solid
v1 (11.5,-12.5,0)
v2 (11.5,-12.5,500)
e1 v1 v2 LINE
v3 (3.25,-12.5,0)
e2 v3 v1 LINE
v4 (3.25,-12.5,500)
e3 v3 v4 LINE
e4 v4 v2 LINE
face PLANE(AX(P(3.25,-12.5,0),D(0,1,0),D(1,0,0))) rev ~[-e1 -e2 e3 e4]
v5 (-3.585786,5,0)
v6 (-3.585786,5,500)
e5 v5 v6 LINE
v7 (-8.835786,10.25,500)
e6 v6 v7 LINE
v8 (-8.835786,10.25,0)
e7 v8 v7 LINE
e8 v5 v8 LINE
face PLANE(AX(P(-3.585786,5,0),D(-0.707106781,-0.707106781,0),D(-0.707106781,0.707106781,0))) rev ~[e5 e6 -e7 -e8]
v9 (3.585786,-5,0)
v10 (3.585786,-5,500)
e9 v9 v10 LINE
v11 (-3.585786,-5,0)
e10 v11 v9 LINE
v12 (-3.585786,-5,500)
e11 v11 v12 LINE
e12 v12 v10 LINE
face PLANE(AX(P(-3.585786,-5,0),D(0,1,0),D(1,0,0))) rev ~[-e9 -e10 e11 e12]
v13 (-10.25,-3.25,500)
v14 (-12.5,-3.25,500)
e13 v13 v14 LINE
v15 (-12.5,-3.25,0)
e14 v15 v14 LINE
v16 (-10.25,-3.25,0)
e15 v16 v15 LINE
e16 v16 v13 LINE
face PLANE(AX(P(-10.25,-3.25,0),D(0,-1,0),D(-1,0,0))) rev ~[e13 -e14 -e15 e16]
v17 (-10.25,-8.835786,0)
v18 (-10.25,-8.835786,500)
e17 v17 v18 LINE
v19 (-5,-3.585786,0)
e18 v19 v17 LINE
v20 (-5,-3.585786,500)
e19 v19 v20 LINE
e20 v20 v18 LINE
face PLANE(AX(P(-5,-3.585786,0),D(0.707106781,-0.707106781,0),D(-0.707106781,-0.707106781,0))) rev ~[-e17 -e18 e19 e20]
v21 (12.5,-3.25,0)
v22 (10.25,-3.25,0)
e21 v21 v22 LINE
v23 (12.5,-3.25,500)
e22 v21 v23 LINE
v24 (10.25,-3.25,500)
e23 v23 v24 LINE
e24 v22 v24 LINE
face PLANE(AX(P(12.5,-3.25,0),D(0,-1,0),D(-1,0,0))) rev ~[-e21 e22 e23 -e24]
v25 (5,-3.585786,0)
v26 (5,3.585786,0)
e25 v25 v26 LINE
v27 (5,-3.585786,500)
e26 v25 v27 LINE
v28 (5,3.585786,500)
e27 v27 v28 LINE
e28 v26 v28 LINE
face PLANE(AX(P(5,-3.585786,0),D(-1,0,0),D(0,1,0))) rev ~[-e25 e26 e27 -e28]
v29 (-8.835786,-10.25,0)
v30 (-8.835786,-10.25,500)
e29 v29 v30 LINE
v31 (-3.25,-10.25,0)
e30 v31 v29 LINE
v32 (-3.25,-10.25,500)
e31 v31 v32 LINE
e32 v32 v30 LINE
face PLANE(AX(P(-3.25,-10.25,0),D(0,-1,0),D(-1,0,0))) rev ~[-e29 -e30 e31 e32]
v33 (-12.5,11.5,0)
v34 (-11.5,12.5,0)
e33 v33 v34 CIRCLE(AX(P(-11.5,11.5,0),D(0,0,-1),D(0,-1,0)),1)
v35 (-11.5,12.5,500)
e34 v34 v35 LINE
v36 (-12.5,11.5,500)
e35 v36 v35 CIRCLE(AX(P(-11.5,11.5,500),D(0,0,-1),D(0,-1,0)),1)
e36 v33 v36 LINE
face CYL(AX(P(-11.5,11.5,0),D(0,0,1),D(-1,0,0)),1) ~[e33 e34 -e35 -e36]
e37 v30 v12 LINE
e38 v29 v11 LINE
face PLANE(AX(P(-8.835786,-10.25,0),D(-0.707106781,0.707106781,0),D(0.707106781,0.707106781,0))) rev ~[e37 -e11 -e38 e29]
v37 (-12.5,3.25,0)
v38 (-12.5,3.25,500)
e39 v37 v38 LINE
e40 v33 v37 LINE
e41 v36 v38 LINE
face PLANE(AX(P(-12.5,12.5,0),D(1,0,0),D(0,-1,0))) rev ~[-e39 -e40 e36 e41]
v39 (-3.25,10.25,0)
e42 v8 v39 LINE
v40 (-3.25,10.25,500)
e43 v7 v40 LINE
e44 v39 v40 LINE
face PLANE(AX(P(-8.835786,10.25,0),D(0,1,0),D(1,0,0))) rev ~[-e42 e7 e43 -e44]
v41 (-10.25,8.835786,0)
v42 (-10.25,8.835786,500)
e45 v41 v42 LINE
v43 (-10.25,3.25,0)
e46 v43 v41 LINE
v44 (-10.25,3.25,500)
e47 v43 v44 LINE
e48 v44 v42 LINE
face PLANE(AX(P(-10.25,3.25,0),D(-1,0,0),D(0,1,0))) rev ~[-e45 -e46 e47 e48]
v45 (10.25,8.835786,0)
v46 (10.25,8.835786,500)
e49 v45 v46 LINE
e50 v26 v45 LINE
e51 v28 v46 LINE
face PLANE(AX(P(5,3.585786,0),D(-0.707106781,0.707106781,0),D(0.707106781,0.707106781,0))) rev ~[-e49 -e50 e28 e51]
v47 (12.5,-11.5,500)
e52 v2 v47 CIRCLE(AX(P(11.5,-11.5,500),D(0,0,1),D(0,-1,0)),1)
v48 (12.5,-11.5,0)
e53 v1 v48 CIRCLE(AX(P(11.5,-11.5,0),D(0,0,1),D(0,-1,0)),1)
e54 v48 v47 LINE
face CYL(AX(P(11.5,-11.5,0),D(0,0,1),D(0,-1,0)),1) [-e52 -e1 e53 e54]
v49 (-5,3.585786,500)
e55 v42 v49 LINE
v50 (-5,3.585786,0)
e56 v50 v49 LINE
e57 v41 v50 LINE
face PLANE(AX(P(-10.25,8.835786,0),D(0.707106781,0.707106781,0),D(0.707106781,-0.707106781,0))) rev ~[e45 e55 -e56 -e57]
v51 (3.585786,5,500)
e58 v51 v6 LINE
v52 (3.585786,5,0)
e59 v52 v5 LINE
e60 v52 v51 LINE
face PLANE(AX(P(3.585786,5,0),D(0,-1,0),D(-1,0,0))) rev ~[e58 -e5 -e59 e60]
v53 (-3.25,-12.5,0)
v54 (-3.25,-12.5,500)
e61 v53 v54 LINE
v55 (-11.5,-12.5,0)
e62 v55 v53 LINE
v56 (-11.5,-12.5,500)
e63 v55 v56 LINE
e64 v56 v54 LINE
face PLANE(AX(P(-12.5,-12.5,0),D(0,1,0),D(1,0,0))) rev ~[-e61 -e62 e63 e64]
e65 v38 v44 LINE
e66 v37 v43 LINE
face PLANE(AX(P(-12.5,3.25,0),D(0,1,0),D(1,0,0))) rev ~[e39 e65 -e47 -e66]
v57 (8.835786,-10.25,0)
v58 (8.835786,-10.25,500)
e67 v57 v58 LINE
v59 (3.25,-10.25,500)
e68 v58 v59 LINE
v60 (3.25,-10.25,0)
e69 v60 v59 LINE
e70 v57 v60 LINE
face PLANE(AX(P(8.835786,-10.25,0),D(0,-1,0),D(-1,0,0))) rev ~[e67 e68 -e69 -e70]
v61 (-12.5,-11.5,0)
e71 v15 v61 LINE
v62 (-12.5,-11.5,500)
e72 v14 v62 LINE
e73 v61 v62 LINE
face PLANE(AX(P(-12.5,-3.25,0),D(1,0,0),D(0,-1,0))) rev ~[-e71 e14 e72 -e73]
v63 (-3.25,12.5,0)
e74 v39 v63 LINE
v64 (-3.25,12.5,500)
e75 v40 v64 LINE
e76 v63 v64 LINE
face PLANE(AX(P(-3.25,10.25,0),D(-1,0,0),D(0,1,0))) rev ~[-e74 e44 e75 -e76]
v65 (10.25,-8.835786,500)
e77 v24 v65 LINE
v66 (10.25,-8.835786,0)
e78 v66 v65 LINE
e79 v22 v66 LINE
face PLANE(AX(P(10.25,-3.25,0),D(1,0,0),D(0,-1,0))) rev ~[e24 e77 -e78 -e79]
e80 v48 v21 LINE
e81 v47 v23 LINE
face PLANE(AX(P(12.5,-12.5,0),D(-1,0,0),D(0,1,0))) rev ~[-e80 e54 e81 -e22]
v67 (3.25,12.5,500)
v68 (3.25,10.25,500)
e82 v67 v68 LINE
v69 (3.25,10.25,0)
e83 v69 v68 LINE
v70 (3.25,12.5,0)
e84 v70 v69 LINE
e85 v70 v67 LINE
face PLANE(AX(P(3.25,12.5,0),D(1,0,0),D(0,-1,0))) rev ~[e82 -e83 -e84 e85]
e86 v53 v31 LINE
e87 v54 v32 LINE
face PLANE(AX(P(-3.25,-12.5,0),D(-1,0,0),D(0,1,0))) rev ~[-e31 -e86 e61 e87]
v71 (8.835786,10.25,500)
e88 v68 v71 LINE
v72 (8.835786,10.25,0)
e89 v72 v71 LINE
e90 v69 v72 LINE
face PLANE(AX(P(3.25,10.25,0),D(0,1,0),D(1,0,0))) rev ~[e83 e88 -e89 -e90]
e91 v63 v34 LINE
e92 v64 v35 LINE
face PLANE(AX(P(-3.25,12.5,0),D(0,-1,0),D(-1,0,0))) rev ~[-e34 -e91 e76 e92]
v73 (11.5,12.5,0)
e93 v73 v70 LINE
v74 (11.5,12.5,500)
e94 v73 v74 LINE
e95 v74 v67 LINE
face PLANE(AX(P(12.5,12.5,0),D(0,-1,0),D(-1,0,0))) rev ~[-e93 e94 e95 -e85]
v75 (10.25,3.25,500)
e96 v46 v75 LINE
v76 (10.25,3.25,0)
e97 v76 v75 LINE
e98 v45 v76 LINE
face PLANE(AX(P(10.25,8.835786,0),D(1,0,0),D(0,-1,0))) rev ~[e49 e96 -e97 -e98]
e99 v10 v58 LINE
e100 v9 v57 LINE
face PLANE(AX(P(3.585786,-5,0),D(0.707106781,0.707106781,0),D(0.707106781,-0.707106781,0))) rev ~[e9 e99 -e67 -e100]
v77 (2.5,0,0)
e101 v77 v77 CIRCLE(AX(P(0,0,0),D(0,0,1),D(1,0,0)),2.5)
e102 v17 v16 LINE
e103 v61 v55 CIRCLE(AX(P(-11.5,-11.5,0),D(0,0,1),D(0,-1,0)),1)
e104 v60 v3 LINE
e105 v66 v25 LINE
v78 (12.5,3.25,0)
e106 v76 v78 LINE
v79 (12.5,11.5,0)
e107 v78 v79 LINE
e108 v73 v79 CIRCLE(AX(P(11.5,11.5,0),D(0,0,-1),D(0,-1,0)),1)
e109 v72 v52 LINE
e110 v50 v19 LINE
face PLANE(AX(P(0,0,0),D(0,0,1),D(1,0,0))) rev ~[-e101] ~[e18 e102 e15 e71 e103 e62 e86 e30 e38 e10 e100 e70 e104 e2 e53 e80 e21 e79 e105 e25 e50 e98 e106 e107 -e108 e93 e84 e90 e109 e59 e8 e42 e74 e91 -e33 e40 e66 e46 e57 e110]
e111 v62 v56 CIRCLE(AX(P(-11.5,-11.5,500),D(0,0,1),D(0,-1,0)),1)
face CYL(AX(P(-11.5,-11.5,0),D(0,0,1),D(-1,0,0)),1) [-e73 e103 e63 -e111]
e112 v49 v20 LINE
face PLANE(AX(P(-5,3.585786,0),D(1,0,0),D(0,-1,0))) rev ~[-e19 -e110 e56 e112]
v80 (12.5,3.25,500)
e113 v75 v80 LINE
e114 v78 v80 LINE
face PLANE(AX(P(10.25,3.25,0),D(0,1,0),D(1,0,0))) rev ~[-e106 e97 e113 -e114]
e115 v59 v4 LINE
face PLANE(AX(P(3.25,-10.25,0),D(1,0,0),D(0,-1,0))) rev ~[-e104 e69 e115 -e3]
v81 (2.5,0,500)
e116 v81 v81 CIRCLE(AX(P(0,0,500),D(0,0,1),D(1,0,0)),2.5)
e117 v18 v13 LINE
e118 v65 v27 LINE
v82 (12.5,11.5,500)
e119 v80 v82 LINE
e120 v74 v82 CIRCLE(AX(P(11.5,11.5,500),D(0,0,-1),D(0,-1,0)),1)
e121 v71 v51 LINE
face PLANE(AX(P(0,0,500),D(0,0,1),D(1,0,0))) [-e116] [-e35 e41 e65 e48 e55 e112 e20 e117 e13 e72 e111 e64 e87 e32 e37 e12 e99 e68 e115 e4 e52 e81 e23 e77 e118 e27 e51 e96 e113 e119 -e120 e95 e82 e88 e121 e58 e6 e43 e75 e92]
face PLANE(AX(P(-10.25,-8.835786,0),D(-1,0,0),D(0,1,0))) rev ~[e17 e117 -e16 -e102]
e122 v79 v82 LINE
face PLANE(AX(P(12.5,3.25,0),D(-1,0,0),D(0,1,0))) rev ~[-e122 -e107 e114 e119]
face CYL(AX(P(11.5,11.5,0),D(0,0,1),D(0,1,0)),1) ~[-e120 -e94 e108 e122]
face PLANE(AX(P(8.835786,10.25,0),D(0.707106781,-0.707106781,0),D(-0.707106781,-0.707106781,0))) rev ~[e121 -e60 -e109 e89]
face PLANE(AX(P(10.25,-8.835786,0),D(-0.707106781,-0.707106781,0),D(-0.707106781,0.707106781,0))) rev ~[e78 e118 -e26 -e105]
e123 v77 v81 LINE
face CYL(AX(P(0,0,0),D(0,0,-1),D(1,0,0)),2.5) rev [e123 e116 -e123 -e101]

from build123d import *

# Parameters (mm, degrees)
SKETCH1_R           = 2.5
BOSS_EXTRUDE1_DEPTH = 500
FILLET1_R           = 1


with BuildPart() as part:
    # Sketch1 → Boss-Extrude1 (new body)
    with BuildSketch(Plane.XY):
        Polygon((-12.5, 12.5), (-12.5, 3.25), (-10.25, 3.25), (-10.25, 8.835786438), (-5, 3.585786438), (-5, -3.585786438), (-10.25, -8.835786438), (-10.25, -3.25), (-12.5, -3.25), (-12.5, -12.5), (-3.25, -12.5), (-3.25, -10.25), (-8.835786438, -10.25), (-3.585786438, -5), (3.585786438, -5), (8.835786438, -10.25), (3.25, -10.25), (3.25, -12.5), (12.5, -12.5), (12.5, -3.25), (10.25, -3.25), (10.25, -8.835786438), (5, -3.585786438), (5, 3.585786438), (10.25, 8.835786438), (10.25, 3.25), (12.5, 3.25), (12.5, 12.5), (3.25, 12.5), (3.25, 10.25), (8.835786438, 10.25), (3.585786438, 5), (-3.585786438, 5), (-8.835786438, 10.25), (-3.25, 10.25), (-3.25, 12.5), align=None)
        Circle(SKETCH1_R, mode=Mode.SUBTRACT)
    extrude(amount=BOSS_EXTRUDE1_DEPTH)

    # Fillet1
    fillet1_edges = [part.edges().sort_by_distance(p)[0] for p in [
        (12.5, 12.5, 250),
        (12.5, -12.5, 250),
        (-12.5, -12.5, 250),
        (-12.5, 12.5, 250),
    ]]
    fillet(fillet1_edges, radius=FILLET1_R)


solid = part.part
